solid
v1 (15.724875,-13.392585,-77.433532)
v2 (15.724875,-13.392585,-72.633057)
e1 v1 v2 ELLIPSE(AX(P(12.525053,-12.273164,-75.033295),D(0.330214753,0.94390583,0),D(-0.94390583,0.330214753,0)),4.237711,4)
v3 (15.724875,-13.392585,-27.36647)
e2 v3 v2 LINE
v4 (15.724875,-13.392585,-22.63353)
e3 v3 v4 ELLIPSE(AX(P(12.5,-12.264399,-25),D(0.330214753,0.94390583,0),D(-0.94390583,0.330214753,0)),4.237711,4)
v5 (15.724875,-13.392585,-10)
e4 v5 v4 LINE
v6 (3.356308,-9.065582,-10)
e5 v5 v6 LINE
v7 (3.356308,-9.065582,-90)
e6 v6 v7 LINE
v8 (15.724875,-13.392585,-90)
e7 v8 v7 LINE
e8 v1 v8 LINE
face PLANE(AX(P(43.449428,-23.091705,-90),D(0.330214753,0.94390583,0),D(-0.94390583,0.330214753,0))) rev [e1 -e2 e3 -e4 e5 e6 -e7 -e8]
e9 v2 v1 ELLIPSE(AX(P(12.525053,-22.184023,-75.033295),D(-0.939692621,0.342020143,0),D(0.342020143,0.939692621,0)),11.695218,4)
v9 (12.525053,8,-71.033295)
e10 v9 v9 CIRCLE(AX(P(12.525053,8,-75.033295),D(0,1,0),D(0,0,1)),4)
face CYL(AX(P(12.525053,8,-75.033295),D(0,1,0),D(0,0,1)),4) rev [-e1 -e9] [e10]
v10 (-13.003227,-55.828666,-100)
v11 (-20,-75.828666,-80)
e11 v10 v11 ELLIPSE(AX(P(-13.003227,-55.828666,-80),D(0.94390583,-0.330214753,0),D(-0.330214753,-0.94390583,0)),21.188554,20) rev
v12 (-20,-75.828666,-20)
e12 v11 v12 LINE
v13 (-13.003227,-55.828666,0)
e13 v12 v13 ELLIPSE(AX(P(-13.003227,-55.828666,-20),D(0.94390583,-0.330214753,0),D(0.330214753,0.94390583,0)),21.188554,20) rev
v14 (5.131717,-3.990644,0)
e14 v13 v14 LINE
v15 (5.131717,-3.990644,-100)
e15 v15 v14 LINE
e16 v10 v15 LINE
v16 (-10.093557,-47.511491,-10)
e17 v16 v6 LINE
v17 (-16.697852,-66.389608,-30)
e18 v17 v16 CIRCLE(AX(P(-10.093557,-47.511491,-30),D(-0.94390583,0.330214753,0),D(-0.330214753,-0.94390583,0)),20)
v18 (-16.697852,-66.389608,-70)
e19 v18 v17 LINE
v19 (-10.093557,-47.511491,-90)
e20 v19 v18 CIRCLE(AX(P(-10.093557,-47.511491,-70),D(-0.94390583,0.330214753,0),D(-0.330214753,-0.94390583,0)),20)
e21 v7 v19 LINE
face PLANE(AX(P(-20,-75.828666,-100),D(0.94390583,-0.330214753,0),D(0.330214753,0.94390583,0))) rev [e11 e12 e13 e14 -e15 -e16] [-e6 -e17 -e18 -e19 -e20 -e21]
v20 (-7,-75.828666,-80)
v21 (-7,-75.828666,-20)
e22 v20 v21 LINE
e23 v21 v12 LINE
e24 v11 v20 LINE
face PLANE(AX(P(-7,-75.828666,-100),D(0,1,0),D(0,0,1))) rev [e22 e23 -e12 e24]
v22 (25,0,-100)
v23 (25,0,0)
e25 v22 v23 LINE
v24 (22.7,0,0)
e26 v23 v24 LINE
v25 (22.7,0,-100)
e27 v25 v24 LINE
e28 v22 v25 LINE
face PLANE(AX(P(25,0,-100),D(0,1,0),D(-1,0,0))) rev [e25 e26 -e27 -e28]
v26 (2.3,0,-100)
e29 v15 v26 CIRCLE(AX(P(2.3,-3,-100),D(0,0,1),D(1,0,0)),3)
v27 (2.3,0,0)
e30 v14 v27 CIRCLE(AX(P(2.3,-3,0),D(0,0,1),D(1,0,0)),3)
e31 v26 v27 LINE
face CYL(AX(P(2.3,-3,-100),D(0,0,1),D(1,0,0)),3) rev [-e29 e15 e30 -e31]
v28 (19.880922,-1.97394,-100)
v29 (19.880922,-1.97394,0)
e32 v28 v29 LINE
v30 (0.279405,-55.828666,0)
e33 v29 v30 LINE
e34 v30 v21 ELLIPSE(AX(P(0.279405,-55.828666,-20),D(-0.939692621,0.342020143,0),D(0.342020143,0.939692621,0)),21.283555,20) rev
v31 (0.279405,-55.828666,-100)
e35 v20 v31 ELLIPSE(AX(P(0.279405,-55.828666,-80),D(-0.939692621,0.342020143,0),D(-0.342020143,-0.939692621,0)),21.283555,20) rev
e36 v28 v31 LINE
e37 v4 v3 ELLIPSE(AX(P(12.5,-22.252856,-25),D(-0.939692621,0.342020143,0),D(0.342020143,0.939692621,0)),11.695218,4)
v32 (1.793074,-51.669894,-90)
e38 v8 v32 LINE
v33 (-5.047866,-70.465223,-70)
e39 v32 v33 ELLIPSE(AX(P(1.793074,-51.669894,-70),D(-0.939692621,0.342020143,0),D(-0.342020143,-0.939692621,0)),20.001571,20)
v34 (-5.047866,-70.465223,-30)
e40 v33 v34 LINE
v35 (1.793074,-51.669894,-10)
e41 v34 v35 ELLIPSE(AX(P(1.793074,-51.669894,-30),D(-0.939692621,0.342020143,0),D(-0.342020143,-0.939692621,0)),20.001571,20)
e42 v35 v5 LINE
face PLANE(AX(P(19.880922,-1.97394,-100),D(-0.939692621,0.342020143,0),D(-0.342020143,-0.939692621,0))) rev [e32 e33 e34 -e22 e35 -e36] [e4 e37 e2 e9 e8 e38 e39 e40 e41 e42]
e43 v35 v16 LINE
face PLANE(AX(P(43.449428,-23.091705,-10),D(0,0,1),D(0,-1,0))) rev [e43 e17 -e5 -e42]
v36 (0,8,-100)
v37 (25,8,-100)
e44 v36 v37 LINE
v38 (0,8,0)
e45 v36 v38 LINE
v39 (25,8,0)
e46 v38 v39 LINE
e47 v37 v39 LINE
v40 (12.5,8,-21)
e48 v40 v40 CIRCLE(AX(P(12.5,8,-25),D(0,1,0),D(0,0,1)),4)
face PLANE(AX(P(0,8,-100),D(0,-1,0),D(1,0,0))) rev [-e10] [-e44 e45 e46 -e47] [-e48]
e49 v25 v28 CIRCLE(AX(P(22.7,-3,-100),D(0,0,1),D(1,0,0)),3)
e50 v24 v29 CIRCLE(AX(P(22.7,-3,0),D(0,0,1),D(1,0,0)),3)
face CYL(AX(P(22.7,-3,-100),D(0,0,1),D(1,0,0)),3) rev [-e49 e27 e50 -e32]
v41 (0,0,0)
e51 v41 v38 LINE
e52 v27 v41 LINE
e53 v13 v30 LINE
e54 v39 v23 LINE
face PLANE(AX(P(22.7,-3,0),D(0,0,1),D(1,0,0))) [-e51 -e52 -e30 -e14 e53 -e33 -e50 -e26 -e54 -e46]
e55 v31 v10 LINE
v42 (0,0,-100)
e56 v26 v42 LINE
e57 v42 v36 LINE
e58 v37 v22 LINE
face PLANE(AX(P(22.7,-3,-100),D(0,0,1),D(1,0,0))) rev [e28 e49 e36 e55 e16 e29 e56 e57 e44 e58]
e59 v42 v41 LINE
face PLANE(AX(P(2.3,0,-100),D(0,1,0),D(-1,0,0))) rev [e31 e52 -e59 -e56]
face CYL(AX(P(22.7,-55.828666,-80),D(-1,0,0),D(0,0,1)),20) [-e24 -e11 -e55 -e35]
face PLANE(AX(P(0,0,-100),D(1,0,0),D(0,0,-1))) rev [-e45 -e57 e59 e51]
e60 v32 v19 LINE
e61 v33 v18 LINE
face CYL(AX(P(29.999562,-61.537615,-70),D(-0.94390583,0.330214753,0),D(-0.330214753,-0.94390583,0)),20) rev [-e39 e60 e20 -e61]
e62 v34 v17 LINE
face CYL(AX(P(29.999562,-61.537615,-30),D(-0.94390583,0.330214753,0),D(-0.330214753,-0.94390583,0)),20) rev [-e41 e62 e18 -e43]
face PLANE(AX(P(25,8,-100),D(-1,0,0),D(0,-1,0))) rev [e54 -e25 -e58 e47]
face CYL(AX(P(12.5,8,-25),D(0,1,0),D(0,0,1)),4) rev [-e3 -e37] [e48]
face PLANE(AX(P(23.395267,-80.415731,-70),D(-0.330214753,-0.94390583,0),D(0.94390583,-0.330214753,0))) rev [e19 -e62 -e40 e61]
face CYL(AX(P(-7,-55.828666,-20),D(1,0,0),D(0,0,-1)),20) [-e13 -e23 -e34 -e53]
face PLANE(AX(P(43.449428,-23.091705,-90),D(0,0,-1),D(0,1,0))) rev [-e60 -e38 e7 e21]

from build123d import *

# Parameters (mm, degrees)
BOSS_EXTRUDE2_DEPTH   = 100
CUT_EXTRUDE1_DEPTH    = 127.933135767
FILLET1_R             = 20
F_1_0MM_DOWEL_HOLE2_D = 8


with BuildPart() as part:
    # Sketch1 → Boss-Extrude2 (new body)
    with BuildSketch(Plane.XY):
        with BuildLine():
            Line((0, 0), (0, 8))
            Line((0, 8), (25, 8))
            Line((25, 8), (25, 0))
            Line((25, 0), (22.7, 0))
            ThreePointArc((22.7, 0), (20.979270691, -0.542543867), (19.880922138, -1.97393957))
            Line((19.880922138, -1.97393957), (-7, -75.828666157))
            Line((-7, -75.828666157), (-20, -75.828666157))
            Line((-20, -75.828666157), (5.131717491, -3.99064426))
            ThreePointArc((5.131717491, -3.99064426), (4.746623467, -1.263902765), (2.3, 0))
            Line((2.3, 0), (0, 0))
        make_face()
    extrude(amount=-BOSS_EXTRUDE2_DEPTH)

    # Sketch3 → Cut-Extrude1 (cut, through all)
    with BuildSketch(Plane(origin=(5.815996282, -2.03466036, 0), x_dir=(0, 0, 1), z_dir=(-0.9439058304641529, 0.33021475317704674, 0))):
        with BuildLine():
            Line((-90, -7.448753356), (-10, -7.448753356))
            Line((-10, -7.448753356), (-10, -48.179415166))
            ThreePointArc((-10, -48.179415166), (-15.857864376, -62.321550789), (-30, -68.179415166))
            Line((-30, -68.179415166), (-70, -68.179415166))
            ThreePointArc((-70, -68.179415166), (-84.142135624, -62.321550789), (-90, -48.179415166))
            Line((-90, -48.179415166), (-90, -7.448753356))
        make_face()
    extrude(amount=-CUT_EXTRUDE1_DEPTH, mode=Mode.SUBTRACT)

    # Fillet1
    fillet1_edges = [part.edges().sort_by_distance(p)[0] for p in [
        (-13.5, -75.828666157, -100),
        (-13.5, -75.828666157, 0),
    ]]
    fillet(fillet1_edges, radius=FILLET1_R)

    # Ø1.0mm Dowel Hole2 (through all)
    with Locations(Plane(origin=(0, 8, 0), x_dir=(1, 0, 0), z_dir=(0, 1, 0))):
        with Locations((12.52505341, 75.033294682), (12.5, 25), (52.497529088, 47.667377925)):
            Hole(F_1_0MM_DOWEL_HOLE2_D / 2)


solid = part.part
